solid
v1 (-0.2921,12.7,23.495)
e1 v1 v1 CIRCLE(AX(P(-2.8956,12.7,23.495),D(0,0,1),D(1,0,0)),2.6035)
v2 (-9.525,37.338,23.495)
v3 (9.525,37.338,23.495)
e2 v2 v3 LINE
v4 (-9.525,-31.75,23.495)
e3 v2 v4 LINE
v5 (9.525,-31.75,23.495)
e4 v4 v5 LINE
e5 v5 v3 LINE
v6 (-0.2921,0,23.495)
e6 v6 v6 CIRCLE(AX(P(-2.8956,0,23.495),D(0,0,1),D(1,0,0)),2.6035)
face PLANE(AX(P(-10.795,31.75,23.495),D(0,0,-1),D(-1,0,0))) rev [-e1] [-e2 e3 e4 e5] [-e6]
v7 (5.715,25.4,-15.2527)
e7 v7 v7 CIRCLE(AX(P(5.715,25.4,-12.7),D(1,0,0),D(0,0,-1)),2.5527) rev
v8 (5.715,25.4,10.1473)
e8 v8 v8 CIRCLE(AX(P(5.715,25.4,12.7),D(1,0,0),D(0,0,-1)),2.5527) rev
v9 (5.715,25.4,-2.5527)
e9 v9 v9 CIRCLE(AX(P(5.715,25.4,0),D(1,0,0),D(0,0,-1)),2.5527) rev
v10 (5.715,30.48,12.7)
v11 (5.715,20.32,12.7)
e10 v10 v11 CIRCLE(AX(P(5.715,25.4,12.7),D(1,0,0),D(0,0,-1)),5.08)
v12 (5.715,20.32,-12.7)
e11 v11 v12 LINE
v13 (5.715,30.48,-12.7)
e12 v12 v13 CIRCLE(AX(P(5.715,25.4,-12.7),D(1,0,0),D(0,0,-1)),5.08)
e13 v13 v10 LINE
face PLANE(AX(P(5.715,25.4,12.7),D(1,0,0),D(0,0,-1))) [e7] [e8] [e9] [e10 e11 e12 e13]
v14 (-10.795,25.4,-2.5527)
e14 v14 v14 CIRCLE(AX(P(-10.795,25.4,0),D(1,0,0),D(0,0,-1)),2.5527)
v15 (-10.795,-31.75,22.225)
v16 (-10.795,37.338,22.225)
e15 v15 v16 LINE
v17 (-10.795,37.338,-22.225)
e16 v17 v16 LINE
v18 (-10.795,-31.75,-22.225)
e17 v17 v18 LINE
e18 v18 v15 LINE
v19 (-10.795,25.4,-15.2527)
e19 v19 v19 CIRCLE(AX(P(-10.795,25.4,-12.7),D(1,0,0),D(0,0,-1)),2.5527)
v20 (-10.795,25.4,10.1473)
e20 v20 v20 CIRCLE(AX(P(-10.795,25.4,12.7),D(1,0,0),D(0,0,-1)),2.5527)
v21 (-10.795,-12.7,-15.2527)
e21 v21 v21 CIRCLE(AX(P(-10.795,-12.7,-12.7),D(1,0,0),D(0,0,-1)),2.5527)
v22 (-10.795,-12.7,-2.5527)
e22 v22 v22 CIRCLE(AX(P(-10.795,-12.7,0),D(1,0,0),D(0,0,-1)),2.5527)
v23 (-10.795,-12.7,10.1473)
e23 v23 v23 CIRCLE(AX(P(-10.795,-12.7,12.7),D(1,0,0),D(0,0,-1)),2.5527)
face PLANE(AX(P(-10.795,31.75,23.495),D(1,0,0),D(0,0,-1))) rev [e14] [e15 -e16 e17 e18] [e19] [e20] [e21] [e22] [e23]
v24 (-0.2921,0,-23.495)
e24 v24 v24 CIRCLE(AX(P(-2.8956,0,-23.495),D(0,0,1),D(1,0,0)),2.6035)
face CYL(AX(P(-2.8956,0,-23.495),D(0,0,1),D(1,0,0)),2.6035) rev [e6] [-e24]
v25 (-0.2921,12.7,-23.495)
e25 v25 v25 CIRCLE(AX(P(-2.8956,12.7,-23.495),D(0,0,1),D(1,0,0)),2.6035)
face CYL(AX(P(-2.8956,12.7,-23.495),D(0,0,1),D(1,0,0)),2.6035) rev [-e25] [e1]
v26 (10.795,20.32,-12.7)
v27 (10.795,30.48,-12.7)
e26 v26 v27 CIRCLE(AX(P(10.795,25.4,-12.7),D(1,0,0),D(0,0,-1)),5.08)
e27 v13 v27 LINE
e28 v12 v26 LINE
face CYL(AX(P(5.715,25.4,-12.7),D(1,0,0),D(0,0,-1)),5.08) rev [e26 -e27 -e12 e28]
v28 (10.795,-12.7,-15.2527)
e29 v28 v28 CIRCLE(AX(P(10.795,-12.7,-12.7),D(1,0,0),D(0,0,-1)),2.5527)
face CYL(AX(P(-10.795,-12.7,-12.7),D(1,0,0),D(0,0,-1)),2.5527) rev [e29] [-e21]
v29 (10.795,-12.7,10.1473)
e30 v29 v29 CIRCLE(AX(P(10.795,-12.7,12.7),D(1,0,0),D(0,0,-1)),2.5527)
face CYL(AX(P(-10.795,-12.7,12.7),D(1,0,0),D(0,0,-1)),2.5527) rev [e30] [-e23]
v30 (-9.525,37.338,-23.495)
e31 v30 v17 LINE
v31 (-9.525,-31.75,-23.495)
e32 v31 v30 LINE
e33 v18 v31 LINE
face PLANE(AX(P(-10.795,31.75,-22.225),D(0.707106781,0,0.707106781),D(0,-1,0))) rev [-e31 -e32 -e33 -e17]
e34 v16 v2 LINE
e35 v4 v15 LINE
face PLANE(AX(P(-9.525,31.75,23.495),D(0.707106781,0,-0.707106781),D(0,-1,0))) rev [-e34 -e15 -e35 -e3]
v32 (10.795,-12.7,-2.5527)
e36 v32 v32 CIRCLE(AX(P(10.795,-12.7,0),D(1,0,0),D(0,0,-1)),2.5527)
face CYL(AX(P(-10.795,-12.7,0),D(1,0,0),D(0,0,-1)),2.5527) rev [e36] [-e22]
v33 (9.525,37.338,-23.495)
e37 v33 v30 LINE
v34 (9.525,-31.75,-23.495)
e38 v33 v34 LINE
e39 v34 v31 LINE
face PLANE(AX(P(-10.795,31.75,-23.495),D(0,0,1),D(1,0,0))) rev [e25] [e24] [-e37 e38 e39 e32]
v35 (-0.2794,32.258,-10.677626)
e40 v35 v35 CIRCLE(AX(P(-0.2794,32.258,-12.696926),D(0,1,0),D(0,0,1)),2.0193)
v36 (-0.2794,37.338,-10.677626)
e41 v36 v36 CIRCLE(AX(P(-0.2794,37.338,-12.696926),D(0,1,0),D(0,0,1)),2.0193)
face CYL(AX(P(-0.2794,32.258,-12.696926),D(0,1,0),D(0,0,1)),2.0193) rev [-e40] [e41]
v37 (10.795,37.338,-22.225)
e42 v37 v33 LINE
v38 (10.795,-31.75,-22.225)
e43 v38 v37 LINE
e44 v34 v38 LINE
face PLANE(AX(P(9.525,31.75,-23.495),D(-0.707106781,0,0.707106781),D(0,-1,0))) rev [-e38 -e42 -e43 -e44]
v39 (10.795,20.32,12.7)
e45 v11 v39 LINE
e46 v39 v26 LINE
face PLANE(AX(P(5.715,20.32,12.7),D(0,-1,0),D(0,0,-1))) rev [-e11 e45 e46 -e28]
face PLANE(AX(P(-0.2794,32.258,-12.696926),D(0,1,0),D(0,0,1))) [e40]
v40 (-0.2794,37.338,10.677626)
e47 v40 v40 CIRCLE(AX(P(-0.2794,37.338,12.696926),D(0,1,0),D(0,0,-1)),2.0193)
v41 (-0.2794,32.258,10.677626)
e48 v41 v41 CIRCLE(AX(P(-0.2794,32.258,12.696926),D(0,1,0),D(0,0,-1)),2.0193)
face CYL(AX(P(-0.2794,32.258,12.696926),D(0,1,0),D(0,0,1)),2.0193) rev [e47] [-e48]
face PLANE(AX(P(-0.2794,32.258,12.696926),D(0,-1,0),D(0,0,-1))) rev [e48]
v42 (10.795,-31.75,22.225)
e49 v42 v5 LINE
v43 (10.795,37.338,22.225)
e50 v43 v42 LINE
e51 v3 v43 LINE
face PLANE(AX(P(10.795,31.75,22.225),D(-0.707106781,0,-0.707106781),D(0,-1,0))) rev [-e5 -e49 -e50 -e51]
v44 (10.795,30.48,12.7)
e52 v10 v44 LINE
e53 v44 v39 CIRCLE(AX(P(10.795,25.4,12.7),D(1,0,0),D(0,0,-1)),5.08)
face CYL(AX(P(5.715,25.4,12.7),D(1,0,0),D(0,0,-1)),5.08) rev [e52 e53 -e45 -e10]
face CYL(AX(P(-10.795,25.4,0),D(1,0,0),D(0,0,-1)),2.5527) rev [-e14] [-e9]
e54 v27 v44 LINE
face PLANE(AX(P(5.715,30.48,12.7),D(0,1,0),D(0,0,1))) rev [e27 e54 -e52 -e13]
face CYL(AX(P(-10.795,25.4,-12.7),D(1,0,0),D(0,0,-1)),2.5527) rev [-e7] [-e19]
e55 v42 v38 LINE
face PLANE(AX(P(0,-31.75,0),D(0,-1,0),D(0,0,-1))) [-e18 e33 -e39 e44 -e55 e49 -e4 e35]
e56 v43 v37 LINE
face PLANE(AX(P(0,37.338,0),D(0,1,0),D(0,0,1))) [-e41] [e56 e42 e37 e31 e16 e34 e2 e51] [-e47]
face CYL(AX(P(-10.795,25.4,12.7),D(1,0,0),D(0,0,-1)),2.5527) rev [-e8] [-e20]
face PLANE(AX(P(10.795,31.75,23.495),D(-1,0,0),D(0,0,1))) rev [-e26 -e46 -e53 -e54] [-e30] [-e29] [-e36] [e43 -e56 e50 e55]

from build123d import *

# Parameters (mm, degrees)
SKETCH1_W           = 21.59
SKETCH1_H           = 46.99
BOSS_EXTRUDE1_DEPTH = 31.75
SKETCH2_R           = 2.6035
CUT_EXTRUDE1_DEPTH  = 47.99
SKETCH4_R           = 2.5527
CUT_EXTRUDE3_DEPTH  = 22.59
CUT_EXTRUDE5_DEPTH  = 5.08
SKETCH8_W           = 21.59
SKETCH8_H           = 46.99
BOSS_EXTRUDE2_DEPTH = 5.588
SKETCH9_R           = 2.0193
CUT_EXTRUDE6_DEPTH  = 5.08
SKETCH10_R          = 2.5527
CUT_EXTRUDE7_DEPTH  = 22.59
CHAMFER1_SIZE       = 1.27


with BuildPart() as part:
    # Sketch1 → Boss-Extrude1 (new body, symmetric)
    with BuildSketch(Plane(origin=(0, 0, 0), x_dir=(1, 0, 0), z_dir=(0, 1, 0))):
        Rectangle(SKETCH1_W, SKETCH1_H)
    extrude(amount=BOSS_EXTRUDE1_DEPTH, both=True)

    # Sketch2 → Cut-Extrude1 (cut, through all)
    with BuildSketch(Plane.XY.offset(23.495)):
        with Locations((-2.8956, 12.7)):
            Circle(SKETCH2_R)
        with Locations((-2.8956, 0)):
            Circle(SKETCH2_R)
    extrude(amount=-CUT_EXTRUDE1_DEPTH, mode=Mode.SUBTRACT)

    # Sketch4 → Cut-Extrude3 (cut, through all)
    with BuildSketch(Plane(origin=(10.795, 0, 0), x_dir=(0, 0, -1), z_dir=(1, 0, 0))):
        with Locations((-12.7, 25.4)):
            Circle(SKETCH4_R)
        with Locations((12.7, 25.4)):
            Circle(SKETCH4_R)
        with Locations((0, 25.4)):
            Circle(SKETCH4_R)
    extrude(amount=-CUT_EXTRUDE3_DEPTH, mode=Mode.SUBTRACT)

    # Sketch7 → Cut-Extrude5 (cut)
    with BuildSketch(Plane(origin=(10.795, 0, 0), x_dir=(0, 0, -1), z_dir=(1, 0, 0))):
        with BuildLine():
            Line((-12.7, 30.48), (12.7, 30.48))
            ThreePointArc((12.7, 30.48), (17.78, 25.4), (12.7, 20.32))
            Line((12.7, 20.32), (-12.7, 20.32))
            ThreePointArc((-12.7, 20.32), (-17.78, 25.4), (-12.7, 30.48))
        make_face()
    extrude(amount=-CUT_EXTRUDE5_DEPTH, mode=Mode.SUBTRACT)

    # Sketch8 → Boss-Extrude2 (add)
    with BuildSketch(Plane(origin=(0, 31.75, 0), x_dir=(1, 0, 0), z_dir=(0, 1, 0))):
        Rectangle(SKETCH8_W, SKETCH8_H)
    extrude(amount=BOSS_EXTRUDE2_DEPTH)

    # Sketch9 → Cut-Extrude6 (cut)
    with BuildSketch(Plane(origin=(0, 37.338, 0), x_dir=(1, 0, 0), z_dir=(0, 1, 0))):
        with Locations((-0.2794, 12.696926228)):
            Circle(SKETCH9_R)
        with Locations((-0.2794, -12.696926228)):
            Circle(SKETCH9_R)
    extrude(amount=-CUT_EXTRUDE6_DEPTH, mode=Mode.SUBTRACT)

    # Sketch10 → Cut-Extrude7 (cut, through all)
    with BuildSketch(Plane(origin=(10.795, 0, 0), x_dir=(0, 0, -1), z_dir=(1, 0, 0))):
        with Locations((0, -12.7)):
            Circle(SKETCH10_R)
        with Locations((12.7, -12.7)):
            Circle(SKETCH10_R)
        with Locations((-12.7, -12.7)):
            Circle(SKETCH10_R)
    extrude(amount=-CUT_EXTRUDE7_DEPTH, mode=Mode.SUBTRACT)

    # Chamfer1
    chamfer1_edges = [part.edges().sort_by_distance(p)[0] for p in [
        (10.795, 2.794, 23.495),
        (-10.795, 2.794, 23.495),
        (-10.795, 2.794, -23.495),
        (10.795, 2.794, -23.495),
    ]]
    chamfer(chamfer1_edges, length=CHAMFER1_SIZE)


solid = part.part
